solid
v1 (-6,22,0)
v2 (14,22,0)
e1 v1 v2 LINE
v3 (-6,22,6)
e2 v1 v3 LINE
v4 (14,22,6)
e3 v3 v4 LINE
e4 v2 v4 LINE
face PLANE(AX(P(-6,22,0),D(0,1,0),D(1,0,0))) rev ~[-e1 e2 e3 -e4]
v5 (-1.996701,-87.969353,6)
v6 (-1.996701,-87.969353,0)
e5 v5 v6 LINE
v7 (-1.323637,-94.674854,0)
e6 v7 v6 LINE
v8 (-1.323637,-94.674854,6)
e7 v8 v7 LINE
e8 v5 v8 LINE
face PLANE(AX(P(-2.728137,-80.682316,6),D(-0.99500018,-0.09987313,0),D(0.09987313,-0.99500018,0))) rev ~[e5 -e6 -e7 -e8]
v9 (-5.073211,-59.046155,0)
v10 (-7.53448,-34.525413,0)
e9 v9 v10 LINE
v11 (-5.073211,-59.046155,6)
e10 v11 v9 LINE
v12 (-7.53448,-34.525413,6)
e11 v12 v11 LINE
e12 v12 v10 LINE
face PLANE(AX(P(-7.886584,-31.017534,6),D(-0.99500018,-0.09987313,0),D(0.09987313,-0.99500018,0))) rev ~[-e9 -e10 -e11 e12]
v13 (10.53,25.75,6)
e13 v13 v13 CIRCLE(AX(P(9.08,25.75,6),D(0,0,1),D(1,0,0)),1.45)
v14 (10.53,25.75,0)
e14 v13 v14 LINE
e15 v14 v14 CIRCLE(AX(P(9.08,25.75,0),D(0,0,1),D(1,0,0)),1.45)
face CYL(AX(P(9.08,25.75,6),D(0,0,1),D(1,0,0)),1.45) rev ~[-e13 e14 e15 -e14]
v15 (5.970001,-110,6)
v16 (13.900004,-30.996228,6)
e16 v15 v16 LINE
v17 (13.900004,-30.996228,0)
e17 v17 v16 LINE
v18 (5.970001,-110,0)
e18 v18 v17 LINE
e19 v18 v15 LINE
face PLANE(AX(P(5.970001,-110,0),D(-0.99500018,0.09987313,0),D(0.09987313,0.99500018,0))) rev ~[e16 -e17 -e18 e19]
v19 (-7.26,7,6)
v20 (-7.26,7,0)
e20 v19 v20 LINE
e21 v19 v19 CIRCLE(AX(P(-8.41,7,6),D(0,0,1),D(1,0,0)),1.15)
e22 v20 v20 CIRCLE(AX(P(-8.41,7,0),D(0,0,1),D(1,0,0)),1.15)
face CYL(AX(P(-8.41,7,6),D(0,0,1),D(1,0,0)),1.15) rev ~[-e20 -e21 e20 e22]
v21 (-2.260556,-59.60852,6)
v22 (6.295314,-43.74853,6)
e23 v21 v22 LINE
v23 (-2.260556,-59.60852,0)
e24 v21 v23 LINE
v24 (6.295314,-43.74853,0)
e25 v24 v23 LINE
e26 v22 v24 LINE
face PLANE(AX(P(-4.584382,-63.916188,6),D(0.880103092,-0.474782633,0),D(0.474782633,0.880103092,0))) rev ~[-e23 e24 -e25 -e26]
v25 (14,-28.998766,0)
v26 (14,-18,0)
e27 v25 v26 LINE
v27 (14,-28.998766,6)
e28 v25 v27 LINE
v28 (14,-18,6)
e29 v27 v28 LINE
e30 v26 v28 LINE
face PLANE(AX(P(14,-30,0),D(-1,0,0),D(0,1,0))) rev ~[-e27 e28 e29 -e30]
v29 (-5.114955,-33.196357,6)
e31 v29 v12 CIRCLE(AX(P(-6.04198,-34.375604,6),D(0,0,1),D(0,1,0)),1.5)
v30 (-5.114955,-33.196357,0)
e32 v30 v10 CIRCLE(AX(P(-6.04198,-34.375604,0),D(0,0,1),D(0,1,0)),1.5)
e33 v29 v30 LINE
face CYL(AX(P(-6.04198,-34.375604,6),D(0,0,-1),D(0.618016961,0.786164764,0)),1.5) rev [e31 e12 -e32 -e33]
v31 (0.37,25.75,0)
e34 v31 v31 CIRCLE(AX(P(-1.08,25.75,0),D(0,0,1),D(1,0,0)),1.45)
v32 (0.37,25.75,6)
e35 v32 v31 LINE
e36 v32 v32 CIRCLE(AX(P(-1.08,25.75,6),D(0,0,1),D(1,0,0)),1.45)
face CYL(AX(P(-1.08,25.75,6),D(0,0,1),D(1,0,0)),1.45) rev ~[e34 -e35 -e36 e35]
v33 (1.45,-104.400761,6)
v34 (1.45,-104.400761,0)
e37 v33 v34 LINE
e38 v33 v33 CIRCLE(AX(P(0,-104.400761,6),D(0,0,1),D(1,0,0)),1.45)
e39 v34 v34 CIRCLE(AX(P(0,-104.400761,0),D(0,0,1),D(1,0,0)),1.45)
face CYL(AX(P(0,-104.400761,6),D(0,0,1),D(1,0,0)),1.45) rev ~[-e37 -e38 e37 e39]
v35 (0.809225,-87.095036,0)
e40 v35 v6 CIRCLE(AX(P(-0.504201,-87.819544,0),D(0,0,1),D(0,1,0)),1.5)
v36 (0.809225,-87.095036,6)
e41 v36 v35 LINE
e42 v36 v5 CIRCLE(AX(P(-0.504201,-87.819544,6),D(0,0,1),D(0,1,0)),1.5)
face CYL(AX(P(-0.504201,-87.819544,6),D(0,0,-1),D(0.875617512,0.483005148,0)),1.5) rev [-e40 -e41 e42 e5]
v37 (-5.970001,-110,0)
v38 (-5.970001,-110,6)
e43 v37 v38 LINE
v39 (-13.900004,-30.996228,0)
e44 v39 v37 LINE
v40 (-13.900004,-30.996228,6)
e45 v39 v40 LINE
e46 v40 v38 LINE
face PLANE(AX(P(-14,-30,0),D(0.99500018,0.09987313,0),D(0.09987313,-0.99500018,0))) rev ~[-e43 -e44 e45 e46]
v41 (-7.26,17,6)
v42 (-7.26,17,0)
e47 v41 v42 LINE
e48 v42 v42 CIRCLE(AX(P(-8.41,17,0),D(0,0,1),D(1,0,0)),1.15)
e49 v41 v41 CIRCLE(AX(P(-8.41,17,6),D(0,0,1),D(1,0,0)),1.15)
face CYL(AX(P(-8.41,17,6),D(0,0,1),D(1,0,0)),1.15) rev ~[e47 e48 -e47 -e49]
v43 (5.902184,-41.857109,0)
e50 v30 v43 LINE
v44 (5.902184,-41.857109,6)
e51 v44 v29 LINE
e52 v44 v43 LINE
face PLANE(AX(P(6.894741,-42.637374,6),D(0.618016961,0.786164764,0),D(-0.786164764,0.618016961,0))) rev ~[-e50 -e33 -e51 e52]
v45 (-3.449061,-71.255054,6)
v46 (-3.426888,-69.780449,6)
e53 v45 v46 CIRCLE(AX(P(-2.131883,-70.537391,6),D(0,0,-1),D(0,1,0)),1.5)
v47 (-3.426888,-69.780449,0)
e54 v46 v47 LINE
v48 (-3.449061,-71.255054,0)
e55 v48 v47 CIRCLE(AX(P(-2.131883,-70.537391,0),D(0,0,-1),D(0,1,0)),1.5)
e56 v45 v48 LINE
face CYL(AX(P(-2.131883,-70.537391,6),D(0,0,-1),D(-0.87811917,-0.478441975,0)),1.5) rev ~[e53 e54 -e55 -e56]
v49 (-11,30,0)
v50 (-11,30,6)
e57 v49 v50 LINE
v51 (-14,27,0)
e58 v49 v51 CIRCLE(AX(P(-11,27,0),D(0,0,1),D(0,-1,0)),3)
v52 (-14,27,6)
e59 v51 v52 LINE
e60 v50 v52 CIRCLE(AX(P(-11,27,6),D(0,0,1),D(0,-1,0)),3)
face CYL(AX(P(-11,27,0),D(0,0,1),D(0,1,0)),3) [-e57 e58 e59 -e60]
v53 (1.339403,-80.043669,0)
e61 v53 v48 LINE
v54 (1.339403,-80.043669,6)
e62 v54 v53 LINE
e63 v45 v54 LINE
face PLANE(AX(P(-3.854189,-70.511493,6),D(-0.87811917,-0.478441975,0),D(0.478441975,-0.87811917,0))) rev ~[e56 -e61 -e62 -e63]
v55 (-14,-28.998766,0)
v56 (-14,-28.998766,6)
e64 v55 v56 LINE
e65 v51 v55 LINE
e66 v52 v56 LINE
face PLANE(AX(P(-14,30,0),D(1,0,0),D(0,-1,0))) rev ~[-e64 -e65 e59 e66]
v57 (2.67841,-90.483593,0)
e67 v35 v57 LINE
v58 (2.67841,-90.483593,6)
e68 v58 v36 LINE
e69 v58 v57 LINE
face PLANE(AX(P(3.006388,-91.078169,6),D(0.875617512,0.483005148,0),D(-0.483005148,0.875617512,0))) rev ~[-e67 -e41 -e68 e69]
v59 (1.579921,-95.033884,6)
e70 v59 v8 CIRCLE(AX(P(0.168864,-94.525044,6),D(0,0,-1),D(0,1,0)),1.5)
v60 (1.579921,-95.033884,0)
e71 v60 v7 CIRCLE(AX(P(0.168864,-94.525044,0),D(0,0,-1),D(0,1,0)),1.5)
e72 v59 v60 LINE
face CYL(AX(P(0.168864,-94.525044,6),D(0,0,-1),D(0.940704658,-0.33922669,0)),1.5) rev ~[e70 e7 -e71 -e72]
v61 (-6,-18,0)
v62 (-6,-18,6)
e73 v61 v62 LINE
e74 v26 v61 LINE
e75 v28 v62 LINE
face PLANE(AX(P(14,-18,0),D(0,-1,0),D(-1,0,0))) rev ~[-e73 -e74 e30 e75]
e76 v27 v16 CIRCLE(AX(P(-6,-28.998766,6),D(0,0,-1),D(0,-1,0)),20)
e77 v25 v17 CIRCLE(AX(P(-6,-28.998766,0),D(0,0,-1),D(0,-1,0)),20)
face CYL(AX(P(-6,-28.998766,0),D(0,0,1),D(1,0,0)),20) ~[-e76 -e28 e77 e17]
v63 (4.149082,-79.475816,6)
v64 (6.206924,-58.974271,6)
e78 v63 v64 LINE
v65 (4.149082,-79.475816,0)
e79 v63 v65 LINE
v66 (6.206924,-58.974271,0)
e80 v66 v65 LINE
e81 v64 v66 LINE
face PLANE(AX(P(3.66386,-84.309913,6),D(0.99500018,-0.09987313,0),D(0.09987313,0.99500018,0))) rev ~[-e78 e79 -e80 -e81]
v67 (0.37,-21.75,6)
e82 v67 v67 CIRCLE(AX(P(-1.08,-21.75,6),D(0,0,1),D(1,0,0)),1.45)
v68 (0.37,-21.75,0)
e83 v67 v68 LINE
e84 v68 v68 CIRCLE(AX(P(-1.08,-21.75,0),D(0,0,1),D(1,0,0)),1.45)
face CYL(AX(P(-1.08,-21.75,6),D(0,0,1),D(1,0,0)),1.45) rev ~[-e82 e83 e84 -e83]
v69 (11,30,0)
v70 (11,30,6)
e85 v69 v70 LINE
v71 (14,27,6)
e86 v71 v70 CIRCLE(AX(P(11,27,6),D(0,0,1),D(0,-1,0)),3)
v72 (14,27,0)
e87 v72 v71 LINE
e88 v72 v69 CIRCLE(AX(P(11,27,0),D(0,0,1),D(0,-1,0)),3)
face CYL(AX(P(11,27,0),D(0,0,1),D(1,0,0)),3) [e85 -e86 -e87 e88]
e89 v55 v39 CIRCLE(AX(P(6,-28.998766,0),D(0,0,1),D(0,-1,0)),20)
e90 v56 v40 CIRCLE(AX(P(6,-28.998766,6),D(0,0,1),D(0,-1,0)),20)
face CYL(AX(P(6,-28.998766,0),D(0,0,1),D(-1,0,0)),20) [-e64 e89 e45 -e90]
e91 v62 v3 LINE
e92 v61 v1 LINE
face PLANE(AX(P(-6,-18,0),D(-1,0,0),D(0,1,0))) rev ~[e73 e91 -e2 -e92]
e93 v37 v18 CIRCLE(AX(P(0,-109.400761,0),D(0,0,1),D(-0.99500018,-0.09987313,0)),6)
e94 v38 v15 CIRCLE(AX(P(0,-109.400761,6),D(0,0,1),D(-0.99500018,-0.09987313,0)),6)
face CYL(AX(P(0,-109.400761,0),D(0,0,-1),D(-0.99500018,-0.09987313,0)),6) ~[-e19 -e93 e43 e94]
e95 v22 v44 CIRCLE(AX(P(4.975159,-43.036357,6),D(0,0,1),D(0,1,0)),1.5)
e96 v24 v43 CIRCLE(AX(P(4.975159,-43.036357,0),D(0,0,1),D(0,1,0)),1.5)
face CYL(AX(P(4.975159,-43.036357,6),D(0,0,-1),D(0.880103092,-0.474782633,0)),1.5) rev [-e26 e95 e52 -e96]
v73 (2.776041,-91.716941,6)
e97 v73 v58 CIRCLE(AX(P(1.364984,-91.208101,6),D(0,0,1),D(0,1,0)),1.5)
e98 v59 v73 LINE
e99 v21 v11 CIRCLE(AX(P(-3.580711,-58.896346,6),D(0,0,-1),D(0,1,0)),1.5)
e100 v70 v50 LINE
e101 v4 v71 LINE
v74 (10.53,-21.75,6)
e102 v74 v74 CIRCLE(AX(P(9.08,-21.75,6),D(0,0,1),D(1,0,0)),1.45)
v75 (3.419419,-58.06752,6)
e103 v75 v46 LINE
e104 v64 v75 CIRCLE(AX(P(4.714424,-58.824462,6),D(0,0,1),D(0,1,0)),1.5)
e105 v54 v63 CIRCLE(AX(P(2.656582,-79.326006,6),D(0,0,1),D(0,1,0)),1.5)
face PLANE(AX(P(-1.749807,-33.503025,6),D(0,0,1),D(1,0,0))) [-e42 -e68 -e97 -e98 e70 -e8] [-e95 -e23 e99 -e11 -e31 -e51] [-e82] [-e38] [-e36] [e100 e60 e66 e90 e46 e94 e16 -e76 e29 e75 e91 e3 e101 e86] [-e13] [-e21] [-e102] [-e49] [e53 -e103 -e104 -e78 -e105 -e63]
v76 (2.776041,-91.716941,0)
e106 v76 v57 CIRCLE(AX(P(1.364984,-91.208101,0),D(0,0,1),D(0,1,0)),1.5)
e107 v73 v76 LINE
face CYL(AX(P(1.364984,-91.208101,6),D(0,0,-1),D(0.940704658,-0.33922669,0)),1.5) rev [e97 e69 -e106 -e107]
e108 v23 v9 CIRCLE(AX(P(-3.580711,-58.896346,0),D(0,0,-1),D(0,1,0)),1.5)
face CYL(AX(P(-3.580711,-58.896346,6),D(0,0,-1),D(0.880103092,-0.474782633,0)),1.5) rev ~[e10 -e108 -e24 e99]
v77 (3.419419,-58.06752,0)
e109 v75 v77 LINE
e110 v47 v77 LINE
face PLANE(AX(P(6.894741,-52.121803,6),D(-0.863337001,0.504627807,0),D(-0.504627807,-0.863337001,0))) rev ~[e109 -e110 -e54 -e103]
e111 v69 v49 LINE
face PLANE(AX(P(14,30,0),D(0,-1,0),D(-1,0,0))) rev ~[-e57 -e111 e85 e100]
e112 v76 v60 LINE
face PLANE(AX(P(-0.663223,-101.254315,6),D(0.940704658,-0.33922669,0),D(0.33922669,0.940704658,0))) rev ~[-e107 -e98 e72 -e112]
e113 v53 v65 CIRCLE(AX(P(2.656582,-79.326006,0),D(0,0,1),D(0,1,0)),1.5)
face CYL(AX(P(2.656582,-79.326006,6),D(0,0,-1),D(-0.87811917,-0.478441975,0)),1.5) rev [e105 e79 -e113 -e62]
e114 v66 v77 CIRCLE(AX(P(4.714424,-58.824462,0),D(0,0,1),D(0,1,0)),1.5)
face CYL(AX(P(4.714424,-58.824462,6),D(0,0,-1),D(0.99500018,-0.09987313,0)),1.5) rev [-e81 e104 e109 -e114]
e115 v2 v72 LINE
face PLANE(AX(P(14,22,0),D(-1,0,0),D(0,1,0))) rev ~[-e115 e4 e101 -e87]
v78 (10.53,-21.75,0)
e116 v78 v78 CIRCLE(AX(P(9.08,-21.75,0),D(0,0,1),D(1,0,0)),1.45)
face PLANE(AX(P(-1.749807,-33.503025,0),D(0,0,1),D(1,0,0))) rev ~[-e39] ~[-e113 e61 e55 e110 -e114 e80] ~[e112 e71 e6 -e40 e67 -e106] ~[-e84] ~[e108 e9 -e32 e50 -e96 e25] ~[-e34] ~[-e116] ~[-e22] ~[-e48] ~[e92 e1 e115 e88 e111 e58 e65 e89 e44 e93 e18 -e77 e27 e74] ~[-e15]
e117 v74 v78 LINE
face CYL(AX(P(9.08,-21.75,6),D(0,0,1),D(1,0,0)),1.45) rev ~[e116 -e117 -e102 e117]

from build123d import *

# Parameters (mm, degrees)
BOSS_EXTRU_1_DEPTH      = 6
CONG_1_R                = 3
CONG_2_R                = 20
ENL_V_MAT_EXTRU_1_REACH = 118.402
ESQUISSE2_R             = 1.45
ENL_V_MAT_EXTRU_2_REACH = 118.402
CONG_3_R                = 1.5
ESQUISSE4_R             = 1.45
ENL_V_MAT_EXTRU_3_DEPTH = 6
ESQUISSE5_R             = 1.15
ENL_V_MAT_EXTRU_4_DEPTH = 6


with BuildPart() as part:
    # Esquisse1 → Boss.-Extru.1 (new body)
    with BuildSketch(Plane.XY):
        with BuildLine():
            Line((-14, -30), (-5.970001079, -110))
            ThreePointArc((-5.970001079, -110), (0, -115.400761222), (5.970001079, -110))
            Line((5.970001079, -110), (14, -30))
            Line((14, -30), (14, -18))
            Line((14, -18), (-6, -18))
            Line((-6, -18), (-6, 22))
            Line((-6, 22), (14, 22))
            Line((14, 22), (14, 30))
            Line((14, 30), (-14, 30))
            Line((-14, 30), (-14, -30))
        make_face()
    extrude(amount=BOSS_EXTRU_1_DEPTH)

    # Congé1
    cong_1_edges = [part.edges().sort_by_distance(p)[0] for p in [
        (-14, 30, 3),
        (14, 30, 3),
    ]]
    fillet(cong_1_edges, radius=CONG_1_R)

    # Congé2
    cong_2_edges = [part.edges().sort_by_distance(p)[0] for p in [
        (14, -30, 3),
        (-14, -30, 3),
    ]]
    fillet(cong_2_edges, radius=CONG_2_R)

    # Esquisse2 → Enlèv. mat.-Extru.1 (cut, up to next)
    with BuildSketch(Plane.XY.offset(6), mode=Mode.PRIVATE) as enl_v_mat_extru_1_sk1:
        with Locations((9.08, -21.75)):
            Circle(ESQUISSE2_R)
    enl_v_mat_extru_1_tool1 = extrude(enl_v_mat_extru_1_sk1.sketch, amount=-ENL_V_MAT_EXTRU_1_REACH, mode=Mode.PRIVATE) & part.part
    # Esquisse2 → Enlèv. mat.-Extru.1 (cut, up to next)
    with BuildSketch(Plane.XY.offset(6), mode=Mode.PRIVATE) as enl_v_mat_extru_1_sk2:
        with Locations((-1.08, -21.75)):
            Circle(ESQUISSE2_R)
    enl_v_mat_extru_1_tool2 = extrude(enl_v_mat_extru_1_sk2.sketch, amount=-ENL_V_MAT_EXTRU_1_REACH, mode=Mode.PRIVATE) & part.part
    # Esquisse2 → Enlèv. mat.-Extru.1 (cut, up to next)
    with BuildSketch(Plane.XY.offset(6), mode=Mode.PRIVATE) as enl_v_mat_extru_1_sk3:
        with Locations((-1.08, 25.75)):
            Circle(ESQUISSE2_R)
    enl_v_mat_extru_1_tool3 = extrude(enl_v_mat_extru_1_sk3.sketch, amount=-ENL_V_MAT_EXTRU_1_REACH, mode=Mode.PRIVATE) & part.part
    # Esquisse2 → Enlèv. mat.-Extru.1 (cut, up to next)
    with BuildSketch(Plane.XY.offset(6), mode=Mode.PRIVATE) as enl_v_mat_extru_1_sk4:
        with Locations((9.08, 25.75)):
            Circle(ESQUISSE2_R)
    enl_v_mat_extru_1_tool4 = extrude(enl_v_mat_extru_1_sk4.sketch, amount=-ENL_V_MAT_EXTRU_1_REACH, mode=Mode.PRIVATE) & part.part
    add(enl_v_mat_extru_1_tool1.solids().sort_by_distance((9.08, -21.75, 6))[0], mode=Mode.SUBTRACT)
    add(enl_v_mat_extru_1_tool2.solids().sort_by_distance((-1.08, -21.75, 6))[0], mode=Mode.SUBTRACT)
    add(enl_v_mat_extru_1_tool3.solids().sort_by_distance((-1.08, 25.75, 6))[0], mode=Mode.SUBTRACT)
    add(enl_v_mat_extru_1_tool4.solids().sort_by_distance((9.08, 25.75, 6))[0], mode=Mode.SUBTRACT)

    # Esquisse3 → Enlèv. mat.-Extru.2 (cut, up to next)
    with BuildSketch(Plane.XY.offset(6), mode=Mode.PRIVATE) as enl_v_mat_extru_2_sk1:
        Polygon((-7.886583597, -31.017533633), (-4.584381628, -63.916187805), (6.894740823, -42.63737417), align=None)
    enl_v_mat_extru_2_tool1 = extrude(enl_v_mat_extru_2_sk1.sketch, amount=-ENL_V_MAT_EXTRU_2_REACH, mode=Mode.PRIVATE) & part.part
    # Esquisse3 → Enlèv. mat.-Extru.2 (cut, up to next)
    with BuildSketch(Plane.XY.offset(6), mode=Mode.PRIVATE) as enl_v_mat_extru_2_sk2:
        Polygon((6.894740823, -52.121802831), (-3.854189345, -70.511493223), (3.66385974, -84.30991259), align=None)
    enl_v_mat_extru_2_tool2 = extrude(enl_v_mat_extru_2_sk2.sketch, amount=-ENL_V_MAT_EXTRU_2_REACH, mode=Mode.PRIVATE) & part.part
    # Esquisse3 → Enlèv. mat.-Extru.2 (cut, up to next)
    with BuildSketch(Plane.XY.offset(6), mode=Mode.PRIVATE) as enl_v_mat_extru_2_sk3:
        Polygon((-2.728137467, -80.682315655), (-0.663223344, -101.254314661), (3.006387716, -91.078168987), align=None)
    enl_v_mat_extru_2_tool3 = extrude(enl_v_mat_extru_2_sk3.sketch, amount=-ENL_V_MAT_EXTRU_2_REACH, mode=Mode.PRIVATE) & part.part
    add(enl_v_mat_extru_2_tool1.solids().sort_by_distance((-1.858741, -45.857032, 6))[0], mode=Mode.SUBTRACT)
    add(enl_v_mat_extru_2_tool2.solids().sort_by_distance((2.234804, -68.98107, 6))[0], mode=Mode.SUBTRACT)
    add(enl_v_mat_extru_2_tool3.solids().sort_by_distance((-0.128324, -91.004933, 6))[0], mode=Mode.SUBTRACT)

    # Congé3
    cong_3_edges = [part.edges().sort_by_distance(p)[0] for p in [
        (6.894740823, -52.121802831, 3),
        (3.66385974, -84.30991259, 3),
        (-3.854189345, -70.511493223, 3),
        (-2.728137467, -80.682315655, 3),
        (3.006387716, -91.078168987, 3),
        (-0.663223344, -101.254314661, 3),
        (-7.886583597, -31.017533633, 3),
        (6.894740823, -42.63737417, 3),
        (-4.584381628, -63.916187805, 3),
    ]]
    fillet(cong_3_edges, radius=CONG_3_R)

    # Esquisse4 → Enlèv. mat.-Extru.3 (cut)
    with BuildSketch(Plane.XY.offset(6)):
        with Locations((0, -104.400761222)):
            Circle(ESQUISSE4_R)
    extrude(amount=-ENL_V_MAT_EXTRU_3_DEPTH, mode=Mode.SUBTRACT)

    # Esquisse5 → Enlèv. mat.-Extru.4 (cut)
    with BuildSketch(Plane.XY.offset(6)):
        with Locations((-8.41, 17)):
            Circle(ESQUISSE5_R)
        with Locations((-8.41, 7)):
            Circle(ESQUISSE5_R)
    extrude(amount=-ENL_V_MAT_EXTRU_4_DEPTH, mode=Mode.SUBTRACT)


solid = part.part
